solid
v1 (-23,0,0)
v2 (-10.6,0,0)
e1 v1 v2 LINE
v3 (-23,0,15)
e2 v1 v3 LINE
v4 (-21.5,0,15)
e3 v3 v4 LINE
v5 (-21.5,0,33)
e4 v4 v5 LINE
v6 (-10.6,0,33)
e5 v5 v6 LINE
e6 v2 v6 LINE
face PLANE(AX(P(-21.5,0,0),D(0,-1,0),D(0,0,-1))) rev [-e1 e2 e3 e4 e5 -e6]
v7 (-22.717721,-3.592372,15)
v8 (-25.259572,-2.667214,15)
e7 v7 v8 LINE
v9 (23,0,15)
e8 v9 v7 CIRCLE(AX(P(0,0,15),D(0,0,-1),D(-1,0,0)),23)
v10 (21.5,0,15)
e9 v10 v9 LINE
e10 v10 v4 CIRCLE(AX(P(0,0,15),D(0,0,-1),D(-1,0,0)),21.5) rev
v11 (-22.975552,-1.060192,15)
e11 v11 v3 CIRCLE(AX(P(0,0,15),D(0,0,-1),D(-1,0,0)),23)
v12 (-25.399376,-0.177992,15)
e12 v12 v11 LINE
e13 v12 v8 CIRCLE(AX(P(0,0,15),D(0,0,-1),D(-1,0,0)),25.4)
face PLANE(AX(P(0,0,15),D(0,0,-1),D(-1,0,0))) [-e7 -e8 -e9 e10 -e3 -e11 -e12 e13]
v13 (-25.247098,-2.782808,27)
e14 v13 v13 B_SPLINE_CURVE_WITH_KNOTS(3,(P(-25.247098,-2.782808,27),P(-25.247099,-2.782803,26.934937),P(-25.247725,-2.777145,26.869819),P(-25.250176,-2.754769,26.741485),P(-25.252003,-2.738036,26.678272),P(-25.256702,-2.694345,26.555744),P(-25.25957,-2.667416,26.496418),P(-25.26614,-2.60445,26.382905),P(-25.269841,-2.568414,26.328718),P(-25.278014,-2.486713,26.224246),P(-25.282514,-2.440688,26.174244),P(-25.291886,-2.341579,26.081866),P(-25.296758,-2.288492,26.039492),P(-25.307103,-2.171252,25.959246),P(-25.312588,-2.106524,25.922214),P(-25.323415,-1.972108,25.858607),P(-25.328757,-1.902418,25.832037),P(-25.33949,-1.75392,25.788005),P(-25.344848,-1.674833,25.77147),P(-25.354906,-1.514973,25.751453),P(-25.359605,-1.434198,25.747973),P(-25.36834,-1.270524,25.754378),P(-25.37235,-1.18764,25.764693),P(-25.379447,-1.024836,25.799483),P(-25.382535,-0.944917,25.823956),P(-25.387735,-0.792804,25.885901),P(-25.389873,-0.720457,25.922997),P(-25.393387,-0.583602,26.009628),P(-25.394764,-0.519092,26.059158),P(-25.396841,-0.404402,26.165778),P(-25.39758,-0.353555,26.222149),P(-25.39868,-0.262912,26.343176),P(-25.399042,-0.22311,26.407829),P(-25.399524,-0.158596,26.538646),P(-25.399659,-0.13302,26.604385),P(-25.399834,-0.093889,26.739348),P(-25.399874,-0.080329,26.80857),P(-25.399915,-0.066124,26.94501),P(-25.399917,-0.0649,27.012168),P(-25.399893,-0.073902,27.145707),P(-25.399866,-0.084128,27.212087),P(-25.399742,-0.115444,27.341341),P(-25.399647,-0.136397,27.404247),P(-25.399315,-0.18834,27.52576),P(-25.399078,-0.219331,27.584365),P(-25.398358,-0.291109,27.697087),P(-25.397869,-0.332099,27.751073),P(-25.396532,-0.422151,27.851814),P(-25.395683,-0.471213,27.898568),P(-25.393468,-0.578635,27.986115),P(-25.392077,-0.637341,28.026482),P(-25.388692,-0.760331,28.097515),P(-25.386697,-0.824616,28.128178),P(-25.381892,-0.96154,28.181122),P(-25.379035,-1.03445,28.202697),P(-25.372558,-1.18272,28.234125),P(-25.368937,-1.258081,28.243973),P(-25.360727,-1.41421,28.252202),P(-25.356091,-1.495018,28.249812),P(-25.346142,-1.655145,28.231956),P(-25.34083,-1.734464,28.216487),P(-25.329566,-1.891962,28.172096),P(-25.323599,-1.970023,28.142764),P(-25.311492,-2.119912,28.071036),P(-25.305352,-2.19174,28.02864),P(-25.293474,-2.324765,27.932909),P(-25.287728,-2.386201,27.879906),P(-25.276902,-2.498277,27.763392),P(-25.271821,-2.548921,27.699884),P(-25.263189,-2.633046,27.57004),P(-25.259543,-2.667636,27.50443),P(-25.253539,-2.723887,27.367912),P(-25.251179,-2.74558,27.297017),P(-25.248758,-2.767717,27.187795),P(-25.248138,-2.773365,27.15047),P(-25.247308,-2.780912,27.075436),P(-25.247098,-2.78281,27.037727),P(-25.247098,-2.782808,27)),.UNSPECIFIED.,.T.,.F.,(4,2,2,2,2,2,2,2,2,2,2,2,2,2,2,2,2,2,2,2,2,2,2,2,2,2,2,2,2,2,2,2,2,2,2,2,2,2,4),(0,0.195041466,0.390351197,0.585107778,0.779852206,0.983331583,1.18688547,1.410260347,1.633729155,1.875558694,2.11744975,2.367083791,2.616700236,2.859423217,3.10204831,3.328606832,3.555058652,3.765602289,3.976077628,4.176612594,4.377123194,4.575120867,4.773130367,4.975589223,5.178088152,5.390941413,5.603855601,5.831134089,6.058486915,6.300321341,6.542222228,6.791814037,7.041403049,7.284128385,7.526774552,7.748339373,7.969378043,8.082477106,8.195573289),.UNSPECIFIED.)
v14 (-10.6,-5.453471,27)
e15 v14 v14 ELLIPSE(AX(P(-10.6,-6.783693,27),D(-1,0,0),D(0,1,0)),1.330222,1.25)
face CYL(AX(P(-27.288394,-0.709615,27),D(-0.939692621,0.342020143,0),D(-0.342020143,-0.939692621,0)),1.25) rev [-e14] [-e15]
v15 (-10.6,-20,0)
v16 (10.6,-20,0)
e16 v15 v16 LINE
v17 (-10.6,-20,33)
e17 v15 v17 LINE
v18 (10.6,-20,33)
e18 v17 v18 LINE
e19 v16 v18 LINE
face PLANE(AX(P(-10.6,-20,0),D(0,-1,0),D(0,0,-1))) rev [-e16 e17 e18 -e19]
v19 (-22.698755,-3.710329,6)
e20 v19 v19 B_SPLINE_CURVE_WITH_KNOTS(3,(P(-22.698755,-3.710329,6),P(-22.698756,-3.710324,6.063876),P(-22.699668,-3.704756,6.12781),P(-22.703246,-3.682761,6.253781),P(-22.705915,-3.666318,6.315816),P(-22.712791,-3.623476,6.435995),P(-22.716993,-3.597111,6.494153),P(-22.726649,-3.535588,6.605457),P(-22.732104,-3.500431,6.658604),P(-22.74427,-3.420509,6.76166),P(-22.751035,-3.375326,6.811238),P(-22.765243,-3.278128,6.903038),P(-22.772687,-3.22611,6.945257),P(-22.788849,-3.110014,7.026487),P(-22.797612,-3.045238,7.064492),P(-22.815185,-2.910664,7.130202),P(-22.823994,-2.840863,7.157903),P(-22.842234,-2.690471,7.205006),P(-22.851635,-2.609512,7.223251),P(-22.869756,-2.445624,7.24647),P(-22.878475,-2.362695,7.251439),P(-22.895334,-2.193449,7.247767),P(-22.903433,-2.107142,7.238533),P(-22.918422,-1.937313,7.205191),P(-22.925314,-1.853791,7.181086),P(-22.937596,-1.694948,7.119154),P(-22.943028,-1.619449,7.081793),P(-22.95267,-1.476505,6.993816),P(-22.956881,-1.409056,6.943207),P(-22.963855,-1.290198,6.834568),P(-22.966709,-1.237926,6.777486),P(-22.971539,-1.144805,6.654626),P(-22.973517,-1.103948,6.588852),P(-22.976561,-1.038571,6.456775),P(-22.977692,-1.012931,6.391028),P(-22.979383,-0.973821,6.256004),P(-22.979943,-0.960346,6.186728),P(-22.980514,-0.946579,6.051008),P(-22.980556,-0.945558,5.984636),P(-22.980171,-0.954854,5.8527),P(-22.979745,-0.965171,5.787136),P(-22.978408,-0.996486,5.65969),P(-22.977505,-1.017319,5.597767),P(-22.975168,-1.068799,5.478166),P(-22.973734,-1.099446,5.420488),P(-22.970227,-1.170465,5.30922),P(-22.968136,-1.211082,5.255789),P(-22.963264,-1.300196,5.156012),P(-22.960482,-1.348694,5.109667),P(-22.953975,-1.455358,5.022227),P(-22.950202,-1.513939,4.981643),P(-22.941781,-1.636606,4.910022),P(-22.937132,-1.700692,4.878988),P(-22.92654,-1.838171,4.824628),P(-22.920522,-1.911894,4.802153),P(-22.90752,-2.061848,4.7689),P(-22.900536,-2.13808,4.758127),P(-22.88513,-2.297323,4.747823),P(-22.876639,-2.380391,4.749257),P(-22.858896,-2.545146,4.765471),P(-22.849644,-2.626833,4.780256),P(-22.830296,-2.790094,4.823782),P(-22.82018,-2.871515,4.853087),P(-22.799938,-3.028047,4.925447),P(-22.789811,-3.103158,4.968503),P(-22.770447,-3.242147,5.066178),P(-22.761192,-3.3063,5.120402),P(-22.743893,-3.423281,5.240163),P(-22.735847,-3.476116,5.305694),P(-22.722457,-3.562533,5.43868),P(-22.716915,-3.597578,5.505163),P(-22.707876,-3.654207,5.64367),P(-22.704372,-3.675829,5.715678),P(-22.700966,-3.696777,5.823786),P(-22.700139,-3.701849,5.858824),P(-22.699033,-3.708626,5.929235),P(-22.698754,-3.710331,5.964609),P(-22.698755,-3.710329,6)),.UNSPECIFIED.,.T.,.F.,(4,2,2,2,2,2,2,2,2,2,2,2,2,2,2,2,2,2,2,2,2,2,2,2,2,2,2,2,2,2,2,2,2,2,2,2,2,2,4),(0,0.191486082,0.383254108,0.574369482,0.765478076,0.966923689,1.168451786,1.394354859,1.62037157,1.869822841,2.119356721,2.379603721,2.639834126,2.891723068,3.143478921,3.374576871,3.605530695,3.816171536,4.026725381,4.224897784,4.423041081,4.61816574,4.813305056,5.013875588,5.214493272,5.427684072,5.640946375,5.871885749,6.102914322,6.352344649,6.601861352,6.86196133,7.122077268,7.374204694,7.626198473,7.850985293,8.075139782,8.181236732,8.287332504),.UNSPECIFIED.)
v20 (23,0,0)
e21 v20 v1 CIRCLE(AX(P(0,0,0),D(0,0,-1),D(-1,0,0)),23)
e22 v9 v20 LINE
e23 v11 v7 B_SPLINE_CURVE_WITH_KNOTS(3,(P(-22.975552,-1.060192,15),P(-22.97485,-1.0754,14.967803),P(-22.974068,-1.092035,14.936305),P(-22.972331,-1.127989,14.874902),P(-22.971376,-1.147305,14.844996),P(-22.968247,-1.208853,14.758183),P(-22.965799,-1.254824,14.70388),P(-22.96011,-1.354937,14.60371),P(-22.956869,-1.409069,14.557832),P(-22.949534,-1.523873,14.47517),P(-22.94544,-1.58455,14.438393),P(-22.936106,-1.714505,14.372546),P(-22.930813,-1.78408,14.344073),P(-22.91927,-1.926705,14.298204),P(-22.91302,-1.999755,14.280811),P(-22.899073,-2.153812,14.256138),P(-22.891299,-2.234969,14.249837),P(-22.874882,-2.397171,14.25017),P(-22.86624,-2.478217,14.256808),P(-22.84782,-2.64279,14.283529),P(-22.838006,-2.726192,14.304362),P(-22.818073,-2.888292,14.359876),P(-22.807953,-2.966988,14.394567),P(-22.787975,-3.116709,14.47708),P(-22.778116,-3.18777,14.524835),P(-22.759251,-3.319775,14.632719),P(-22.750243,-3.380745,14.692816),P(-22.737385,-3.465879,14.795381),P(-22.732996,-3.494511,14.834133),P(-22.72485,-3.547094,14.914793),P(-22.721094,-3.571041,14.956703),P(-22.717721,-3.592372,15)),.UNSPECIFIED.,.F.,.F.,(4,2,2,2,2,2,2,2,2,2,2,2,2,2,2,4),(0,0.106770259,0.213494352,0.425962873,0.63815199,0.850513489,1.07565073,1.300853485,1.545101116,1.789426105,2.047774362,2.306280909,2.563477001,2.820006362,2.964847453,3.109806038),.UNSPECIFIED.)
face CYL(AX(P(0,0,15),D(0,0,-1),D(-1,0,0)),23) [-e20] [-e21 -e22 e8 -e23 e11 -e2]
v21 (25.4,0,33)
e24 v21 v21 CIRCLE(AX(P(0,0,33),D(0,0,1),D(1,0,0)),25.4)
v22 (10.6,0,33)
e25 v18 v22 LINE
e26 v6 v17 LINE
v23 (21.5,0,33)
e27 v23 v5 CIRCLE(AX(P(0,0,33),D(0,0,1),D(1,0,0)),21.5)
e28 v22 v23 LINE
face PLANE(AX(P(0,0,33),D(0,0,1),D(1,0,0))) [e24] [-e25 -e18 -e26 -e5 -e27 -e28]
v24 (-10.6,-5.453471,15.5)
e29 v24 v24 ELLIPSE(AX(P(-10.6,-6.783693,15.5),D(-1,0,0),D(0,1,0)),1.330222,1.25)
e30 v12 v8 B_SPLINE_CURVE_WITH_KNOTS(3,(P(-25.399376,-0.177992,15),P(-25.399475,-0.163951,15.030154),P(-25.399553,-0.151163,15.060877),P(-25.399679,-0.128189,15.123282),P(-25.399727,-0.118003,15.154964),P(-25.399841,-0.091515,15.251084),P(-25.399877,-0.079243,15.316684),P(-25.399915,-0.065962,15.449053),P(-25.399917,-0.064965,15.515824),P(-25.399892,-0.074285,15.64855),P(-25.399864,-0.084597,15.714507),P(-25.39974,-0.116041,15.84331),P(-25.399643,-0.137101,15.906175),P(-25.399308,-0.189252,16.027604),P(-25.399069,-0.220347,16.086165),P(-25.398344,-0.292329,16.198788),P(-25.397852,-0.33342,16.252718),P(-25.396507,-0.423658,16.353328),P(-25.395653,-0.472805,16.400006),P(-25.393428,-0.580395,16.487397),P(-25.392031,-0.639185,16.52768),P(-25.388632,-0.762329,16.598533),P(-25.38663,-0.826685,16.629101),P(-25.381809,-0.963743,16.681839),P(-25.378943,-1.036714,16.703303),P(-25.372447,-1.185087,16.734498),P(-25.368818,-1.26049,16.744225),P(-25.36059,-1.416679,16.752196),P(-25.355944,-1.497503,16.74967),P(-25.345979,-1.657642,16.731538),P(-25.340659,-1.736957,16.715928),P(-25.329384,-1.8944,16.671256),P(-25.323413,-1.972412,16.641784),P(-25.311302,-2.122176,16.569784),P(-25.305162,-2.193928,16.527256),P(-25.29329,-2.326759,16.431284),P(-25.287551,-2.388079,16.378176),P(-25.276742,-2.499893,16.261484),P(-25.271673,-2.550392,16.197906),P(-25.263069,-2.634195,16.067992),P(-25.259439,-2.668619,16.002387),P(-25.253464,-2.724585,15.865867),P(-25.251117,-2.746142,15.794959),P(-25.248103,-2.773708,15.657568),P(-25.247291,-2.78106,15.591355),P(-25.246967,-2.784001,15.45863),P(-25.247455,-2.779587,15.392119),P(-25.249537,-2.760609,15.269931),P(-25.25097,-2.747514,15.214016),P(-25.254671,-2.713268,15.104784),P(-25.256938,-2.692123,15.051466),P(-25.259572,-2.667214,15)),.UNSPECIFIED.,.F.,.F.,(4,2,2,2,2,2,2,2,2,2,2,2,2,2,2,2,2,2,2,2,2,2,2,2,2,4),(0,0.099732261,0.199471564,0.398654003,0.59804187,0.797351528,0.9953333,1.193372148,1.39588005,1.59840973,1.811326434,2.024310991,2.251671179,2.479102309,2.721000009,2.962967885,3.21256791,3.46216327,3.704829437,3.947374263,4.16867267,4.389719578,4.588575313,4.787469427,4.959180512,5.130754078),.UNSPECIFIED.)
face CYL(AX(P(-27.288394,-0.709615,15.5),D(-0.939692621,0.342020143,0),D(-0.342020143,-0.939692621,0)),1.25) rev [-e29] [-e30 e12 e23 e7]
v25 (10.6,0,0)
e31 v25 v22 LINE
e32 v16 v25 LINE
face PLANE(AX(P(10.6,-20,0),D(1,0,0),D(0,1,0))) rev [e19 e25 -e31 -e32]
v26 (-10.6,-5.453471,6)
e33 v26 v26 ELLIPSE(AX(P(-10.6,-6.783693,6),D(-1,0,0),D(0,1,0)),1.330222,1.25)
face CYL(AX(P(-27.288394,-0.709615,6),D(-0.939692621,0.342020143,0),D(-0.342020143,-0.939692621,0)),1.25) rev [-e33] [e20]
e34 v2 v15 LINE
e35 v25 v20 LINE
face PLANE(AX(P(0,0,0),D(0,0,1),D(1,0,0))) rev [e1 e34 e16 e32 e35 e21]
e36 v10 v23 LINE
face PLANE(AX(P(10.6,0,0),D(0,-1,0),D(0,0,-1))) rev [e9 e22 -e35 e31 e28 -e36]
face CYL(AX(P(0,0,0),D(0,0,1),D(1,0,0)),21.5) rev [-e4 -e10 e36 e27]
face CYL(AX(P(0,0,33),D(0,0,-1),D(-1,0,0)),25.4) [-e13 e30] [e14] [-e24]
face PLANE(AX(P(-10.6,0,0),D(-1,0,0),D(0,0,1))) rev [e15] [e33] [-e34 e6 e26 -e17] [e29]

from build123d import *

# Parameters (mm, degrees)
SKETCH1_R                       = 25.4
BOSS_EXTRUDE1_DEPTH             = 33
CUT_EXTRUDE1_DEPTH              = 34
SKETCH3_R                       = 25.4
SKETCH3_R_2                     = 23
CUT_EXTRUDE2_DEPTH              = 15
M3X0_5_TAPPED_HOLE1_D           = 2.5
M3X0_5_TAPPED_HOLE1_DEPTH       = 25
M3X0_5_TAPPED_HOLE1_CSINK_D     = 3.05
M3X0_5_TAPPED_HOLE1_CSINK_ANGLE = 90
M3X0_5_TAPPED_HOLE1_TIP         = 0.751075774
SKETCH6_W                       = 55.513598287
SKETCH6_H                       = 26.495126455
CUT_EXTRUDE3_DEPTH              = 15


with BuildPart() as part:
    # Sketch1 → Boss-Extrude1 (new body)
    with BuildSketch(Plane.XY):
        Circle(SKETCH1_R)
    extrude(amount=BOSS_EXTRUDE1_DEPTH)

    # Sketch2 → Cut-Extrude1 (cut, through all)
    with BuildSketch(Plane.XY.offset(33)):
        with BuildLine():
            Line((-21.5, 0), (-10.6, 0))
            Line((-10.6, 0), (-10.6, -20))
            Line((-10.6, -20), (10.6, -20))
            Line((10.6, -20), (10.6, 0))
            Line((10.6, 0), (21.5, 0))
            ThreePointArc((21.5, 0), (0, 21.5), (-21.5, 0))
        make_face()
    extrude(amount=-CUT_EXTRUDE1_DEPTH, mode=Mode.SUBTRACT)

    # Sketch3 → Cut-Extrude2 (cut)
    with BuildSketch(Plane(origin=(0, 0, 0), x_dir=(-1, 0, 0), z_dir=(0, 0, -1))):
        Circle(SKETCH3_R)
        Circle(SKETCH3_R_2, mode=Mode.SUBTRACT)
    extrude(amount=-CUT_EXTRUDE2_DEPTH, mode=Mode.SUBTRACT)

    # M3x0.5 Tapped Hole1
    with Locations(Plane(origin=(-23.868192568, 8.68731164, 0), x_dir=(0, 0, -1), z_dir=(-0.939692621, 0.342020143, 0))):
        with Locations((-27, 10), (-15.5, 10), (-6, 10)):
            CounterSinkHole(M3X0_5_TAPPED_HOLE1_D / 2, M3X0_5_TAPPED_HOLE1_CSINK_D / 2, depth=M3X0_5_TAPPED_HOLE1_DEPTH, counter_sink_angle=M3X0_5_TAPPED_HOLE1_CSINK_ANGLE)
            with Locations((0, 0, -(M3X0_5_TAPPED_HOLE1_DEPTH + M3X0_5_TAPPED_HOLE1_TIP / 2))):  # 118° drill point
                Cone(0, M3X0_5_TAPPED_HOLE1_D / 2, M3X0_5_TAPPED_HOLE1_TIP, mode=Mode.SUBTRACT)

    # Sketch6 → Cut-Extrude3 (cut)
    with BuildSketch(Plane(origin=(0, 0, 0), x_dir=(-1, 0, 0), z_dir=(0, 0, -1))):
        with Locations((1.479202462, 13.247563228)):
            Rectangle(SKETCH6_W, SKETCH6_H)
    extrude(amount=-CUT_EXTRUDE3_DEPTH, mode=Mode.SUBTRACT)


solid = part.part
